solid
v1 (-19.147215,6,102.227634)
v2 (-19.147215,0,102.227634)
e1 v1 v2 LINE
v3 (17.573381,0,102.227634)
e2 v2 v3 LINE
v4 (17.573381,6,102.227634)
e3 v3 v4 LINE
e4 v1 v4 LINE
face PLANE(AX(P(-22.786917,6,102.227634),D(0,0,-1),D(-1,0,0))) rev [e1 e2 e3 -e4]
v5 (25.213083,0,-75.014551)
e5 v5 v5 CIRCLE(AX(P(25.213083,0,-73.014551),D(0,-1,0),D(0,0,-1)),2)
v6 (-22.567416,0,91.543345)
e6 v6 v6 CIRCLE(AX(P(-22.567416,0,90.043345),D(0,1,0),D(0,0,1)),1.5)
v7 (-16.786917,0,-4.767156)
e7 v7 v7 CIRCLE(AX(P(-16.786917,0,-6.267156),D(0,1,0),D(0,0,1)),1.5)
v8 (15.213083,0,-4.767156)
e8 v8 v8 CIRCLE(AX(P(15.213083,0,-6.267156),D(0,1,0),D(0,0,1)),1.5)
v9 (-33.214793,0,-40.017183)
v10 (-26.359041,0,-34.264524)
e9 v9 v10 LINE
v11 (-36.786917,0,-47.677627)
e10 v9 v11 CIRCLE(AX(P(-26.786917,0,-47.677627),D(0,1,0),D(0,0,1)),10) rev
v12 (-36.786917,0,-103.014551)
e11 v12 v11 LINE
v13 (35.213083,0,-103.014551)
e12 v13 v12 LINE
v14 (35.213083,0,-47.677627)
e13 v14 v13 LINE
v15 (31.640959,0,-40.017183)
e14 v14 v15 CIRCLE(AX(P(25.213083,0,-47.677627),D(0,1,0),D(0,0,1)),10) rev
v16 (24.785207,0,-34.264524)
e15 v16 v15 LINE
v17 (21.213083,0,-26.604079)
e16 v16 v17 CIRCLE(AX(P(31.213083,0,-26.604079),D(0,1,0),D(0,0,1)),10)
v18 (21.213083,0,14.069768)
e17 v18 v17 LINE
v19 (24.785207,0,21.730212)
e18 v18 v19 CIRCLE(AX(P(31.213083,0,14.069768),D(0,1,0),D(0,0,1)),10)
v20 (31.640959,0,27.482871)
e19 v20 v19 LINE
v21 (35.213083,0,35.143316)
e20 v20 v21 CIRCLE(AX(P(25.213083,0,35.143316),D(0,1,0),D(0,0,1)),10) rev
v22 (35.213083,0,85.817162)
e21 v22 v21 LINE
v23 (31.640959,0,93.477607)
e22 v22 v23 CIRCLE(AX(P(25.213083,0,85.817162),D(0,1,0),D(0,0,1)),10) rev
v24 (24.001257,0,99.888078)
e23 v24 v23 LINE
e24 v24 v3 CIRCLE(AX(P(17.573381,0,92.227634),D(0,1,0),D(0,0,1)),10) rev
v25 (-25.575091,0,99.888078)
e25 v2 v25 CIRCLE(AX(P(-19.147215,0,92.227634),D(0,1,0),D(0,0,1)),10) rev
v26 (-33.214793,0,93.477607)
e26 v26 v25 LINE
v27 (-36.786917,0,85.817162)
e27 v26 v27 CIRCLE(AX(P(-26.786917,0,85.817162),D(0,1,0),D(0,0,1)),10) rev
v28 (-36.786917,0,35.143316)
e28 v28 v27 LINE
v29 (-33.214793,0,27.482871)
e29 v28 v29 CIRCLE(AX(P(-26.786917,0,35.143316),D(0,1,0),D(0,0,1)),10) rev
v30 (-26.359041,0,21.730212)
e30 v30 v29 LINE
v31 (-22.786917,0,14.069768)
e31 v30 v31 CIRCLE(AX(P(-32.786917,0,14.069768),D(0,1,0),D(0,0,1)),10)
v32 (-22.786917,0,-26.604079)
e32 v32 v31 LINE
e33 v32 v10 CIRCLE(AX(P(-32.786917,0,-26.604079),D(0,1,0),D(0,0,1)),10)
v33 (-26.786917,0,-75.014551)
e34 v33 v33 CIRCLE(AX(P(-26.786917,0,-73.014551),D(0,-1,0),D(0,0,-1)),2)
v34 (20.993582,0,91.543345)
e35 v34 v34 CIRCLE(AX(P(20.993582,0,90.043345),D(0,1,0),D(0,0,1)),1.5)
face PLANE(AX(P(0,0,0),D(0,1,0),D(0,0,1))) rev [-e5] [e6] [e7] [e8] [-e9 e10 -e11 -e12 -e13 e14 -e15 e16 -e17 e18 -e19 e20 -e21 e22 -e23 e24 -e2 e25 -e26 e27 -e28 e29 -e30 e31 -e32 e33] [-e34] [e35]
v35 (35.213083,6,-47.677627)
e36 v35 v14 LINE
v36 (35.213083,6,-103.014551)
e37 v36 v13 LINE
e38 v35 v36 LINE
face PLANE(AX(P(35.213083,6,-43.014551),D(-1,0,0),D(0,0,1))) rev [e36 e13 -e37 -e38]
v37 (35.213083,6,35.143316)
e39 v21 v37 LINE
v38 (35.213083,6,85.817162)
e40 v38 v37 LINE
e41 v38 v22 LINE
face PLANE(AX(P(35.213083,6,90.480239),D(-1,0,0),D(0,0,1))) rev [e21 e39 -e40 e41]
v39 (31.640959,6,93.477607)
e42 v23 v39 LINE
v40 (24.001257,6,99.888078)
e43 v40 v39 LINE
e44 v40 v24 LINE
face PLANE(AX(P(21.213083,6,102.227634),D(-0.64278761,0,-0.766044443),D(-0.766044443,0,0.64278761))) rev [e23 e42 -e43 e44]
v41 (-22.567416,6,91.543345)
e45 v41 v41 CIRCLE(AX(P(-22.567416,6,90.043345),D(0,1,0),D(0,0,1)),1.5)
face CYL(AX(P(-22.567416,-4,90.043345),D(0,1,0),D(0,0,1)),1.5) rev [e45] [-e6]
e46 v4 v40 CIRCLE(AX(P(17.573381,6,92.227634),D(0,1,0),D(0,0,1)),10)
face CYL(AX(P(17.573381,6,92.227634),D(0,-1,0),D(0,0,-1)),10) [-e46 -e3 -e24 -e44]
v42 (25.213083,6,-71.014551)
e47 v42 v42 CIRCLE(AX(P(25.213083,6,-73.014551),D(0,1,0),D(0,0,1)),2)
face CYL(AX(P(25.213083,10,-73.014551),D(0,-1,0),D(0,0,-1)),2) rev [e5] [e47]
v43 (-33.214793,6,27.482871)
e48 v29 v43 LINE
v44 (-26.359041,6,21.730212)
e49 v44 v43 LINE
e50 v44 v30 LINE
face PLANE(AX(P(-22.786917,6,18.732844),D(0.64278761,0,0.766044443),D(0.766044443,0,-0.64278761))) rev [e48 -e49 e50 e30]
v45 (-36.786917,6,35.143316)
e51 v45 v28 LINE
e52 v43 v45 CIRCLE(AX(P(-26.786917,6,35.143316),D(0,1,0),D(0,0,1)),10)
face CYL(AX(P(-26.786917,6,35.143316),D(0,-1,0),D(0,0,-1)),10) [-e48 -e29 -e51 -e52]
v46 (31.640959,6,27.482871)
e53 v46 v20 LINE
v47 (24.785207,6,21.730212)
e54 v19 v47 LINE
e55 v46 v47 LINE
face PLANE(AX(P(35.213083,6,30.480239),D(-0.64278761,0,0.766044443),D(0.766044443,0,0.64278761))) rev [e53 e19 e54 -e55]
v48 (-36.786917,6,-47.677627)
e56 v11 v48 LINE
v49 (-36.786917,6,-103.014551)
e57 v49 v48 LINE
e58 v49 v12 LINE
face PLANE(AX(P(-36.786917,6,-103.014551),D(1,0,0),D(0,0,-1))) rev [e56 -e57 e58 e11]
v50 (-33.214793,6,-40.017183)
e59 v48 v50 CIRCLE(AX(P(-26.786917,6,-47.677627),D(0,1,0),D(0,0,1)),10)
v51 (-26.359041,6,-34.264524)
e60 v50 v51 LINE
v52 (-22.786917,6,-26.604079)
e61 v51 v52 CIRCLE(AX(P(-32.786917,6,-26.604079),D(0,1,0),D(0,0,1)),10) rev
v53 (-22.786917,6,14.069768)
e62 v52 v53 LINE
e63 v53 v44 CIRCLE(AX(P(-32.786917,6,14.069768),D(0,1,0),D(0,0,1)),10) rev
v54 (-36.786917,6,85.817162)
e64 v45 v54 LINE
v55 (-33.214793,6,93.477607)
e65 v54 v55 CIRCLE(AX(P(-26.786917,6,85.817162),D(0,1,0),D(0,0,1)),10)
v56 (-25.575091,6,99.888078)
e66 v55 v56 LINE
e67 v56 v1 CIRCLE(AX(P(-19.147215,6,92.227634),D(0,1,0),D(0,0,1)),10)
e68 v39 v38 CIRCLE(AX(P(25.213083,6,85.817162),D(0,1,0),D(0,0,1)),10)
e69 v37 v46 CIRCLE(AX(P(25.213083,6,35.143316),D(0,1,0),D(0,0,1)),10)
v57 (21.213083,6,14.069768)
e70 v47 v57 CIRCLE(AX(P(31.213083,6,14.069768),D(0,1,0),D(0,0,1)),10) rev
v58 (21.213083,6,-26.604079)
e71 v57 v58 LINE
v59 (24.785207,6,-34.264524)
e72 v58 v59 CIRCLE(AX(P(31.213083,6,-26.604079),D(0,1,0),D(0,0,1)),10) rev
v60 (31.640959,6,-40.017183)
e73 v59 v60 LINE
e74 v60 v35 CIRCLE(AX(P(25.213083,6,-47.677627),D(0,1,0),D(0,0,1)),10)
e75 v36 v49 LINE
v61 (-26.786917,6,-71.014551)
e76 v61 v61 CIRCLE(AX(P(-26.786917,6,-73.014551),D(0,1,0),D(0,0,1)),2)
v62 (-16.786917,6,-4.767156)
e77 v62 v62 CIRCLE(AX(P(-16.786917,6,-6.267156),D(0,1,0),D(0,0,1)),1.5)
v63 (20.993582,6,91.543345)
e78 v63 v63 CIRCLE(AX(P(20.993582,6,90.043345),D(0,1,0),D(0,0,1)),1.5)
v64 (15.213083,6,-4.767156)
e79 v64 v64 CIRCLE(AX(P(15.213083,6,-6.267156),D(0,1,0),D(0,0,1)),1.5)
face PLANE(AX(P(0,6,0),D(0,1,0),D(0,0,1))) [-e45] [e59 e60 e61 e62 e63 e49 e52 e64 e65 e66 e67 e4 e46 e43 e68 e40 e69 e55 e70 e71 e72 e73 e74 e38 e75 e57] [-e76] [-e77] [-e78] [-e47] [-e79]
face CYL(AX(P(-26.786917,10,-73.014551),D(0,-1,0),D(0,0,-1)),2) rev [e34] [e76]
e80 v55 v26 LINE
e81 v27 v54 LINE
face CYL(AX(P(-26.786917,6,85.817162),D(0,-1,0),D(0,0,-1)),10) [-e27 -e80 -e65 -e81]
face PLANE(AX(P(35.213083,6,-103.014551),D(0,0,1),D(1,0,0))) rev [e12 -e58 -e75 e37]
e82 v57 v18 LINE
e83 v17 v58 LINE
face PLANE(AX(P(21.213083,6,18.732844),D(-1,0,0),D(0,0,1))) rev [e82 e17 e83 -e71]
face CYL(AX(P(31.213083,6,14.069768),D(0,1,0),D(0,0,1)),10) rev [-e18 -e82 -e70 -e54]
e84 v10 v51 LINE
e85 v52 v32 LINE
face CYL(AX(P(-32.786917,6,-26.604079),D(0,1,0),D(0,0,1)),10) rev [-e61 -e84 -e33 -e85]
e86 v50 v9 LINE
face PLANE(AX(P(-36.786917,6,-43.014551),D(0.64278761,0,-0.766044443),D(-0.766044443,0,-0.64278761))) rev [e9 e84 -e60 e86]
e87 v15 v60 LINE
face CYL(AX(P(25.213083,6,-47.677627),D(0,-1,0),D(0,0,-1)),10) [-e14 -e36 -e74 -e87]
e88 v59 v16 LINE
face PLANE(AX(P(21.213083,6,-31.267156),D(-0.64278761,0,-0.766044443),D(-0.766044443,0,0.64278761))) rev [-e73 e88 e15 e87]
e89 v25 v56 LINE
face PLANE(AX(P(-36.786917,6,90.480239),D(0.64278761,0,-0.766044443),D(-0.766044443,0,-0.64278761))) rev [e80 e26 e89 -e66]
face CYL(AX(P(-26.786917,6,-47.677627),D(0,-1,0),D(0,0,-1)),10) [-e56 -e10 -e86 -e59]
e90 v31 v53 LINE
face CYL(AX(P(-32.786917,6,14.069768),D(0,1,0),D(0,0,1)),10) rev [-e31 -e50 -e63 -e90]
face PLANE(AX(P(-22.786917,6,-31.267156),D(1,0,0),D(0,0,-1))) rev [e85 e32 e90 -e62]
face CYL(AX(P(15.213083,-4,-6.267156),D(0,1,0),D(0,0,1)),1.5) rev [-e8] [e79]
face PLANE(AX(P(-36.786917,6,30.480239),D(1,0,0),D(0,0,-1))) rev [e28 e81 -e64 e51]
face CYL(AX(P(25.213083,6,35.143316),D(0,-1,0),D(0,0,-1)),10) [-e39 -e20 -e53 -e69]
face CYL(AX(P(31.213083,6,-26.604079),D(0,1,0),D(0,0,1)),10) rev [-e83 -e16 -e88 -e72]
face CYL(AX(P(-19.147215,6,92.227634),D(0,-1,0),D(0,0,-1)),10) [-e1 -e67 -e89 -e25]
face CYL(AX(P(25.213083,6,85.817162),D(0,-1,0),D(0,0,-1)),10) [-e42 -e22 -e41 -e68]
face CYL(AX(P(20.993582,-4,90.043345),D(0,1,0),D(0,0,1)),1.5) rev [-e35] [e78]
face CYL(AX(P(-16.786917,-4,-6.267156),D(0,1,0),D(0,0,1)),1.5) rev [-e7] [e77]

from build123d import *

# Parameters (mm, degrees)
BOSS_EXTRUDE1_DEPTH = 6
FILLET1_R           = 10
SKETCH2_R           = 2.5
CUT_EXTRUDE1_DEPTH  = 6
SKETCH5_R           = 5.997593501
BOSS_EXTRUDE2_DEPTH = 6
FILLET2_R           = 10
SKETCH6_R           = 1.5
CUT_EXTRUDE2_DEPTH  = 10
SKETCH7_R           = 1.5
CUT_EXTRUDE3_DEPTH  = 10
SKETCH8_R           = 2
CUT_EXTRUDE4_DEPTH  = 10


with BuildPart() as part:
    # Sketch1 → Boss-Extrude1 (new body)
    with BuildSketch(Plane(origin=(0, 0, 0), x_dir=(1, 0, 0), z_dir=(0, 1, 0))):
        Polygon((21.213083016, -102.227633762), (35.213083016, -90.480238926), (35.213083016, -30.480238926), (21.213083016, -18.73284409), (21.213083016, 31.26715591), (35.213083016, 43.014550747), (35.213083016, 103.014550747), (-36.786916984, 103.014550747), (-36.786916984, 43.014550747), (-22.786916984, 31.26715591), (-22.786916984, -18.73284409), (-36.786916984, -30.480238926), (-36.786916984, -90.480238926), (-22.786916984, -102.227633762), align=None)
    extrude(amount=BOSS_EXTRUDE1_DEPTH)

    # Fillet1
    fillet1_edges = [part.edges().sort_by_distance(p)[0] for p in [
        (-22.786916984, 3, 102.227633762),
        (-36.786916984, 3, 90.480238926),
        (-36.786916984, 3, 30.480238926),
        (-22.786916984, 3, 18.73284409),
        (21.213083016, 3, 18.73284409),
        (35.213083016, 3, 30.480238926),
        (35.213083016, 3, 90.480238926),
        (21.213083016, 3, 102.227633762),
    ]]
    fillet(fillet1_edges, radius=FILLET1_R)

    # Sketch2 → Cut-Extrude1 (cut)
    with BuildSketch(Plane.XZ):
        with Locations(Location((-0.786916984, 60.480238926, 0), (0, 0, 270))):
            Circle(SKETCH2_R)
    extrude(amount=-CUT_EXTRUDE1_DEPTH, mode=Mode.SUBTRACT)

    # Sketch5 → Boss-Extrude2 (add)
    with BuildSketch(Plane.XZ):
        with Locations((-0.786916984, 60.480238926)):
            Circle(SKETCH5_R)
    extrude(amount=-BOSS_EXTRUDE2_DEPTH)

    # Fillet2
    fillet2_edges = [part.edges().sort_by_distance(p)[0] for p in [
        (-22.786916984, 3, -31.26715591),
        (-36.786916984, 3, -43.014550747),
        (35.213083016, 3, -43.014550747),
        (21.213083016, 3, -31.26715591),
    ]]
    fillet(fillet2_edges, radius=FILLET2_R)

    # Sketch6 → Cut-Extrude2 (cut)
    with BuildSketch(Plane(origin=(0, 6, 0), x_dir=(1, 0, 0), z_dir=(0, 1, 0))):
        with Locations(Location((15.213083016, 6.26715591, 0), (0, 0, 270))):
            Circle(SKETCH6_R)
        with Locations(Location((-16.786916984, 6.26715591, 0), (0, 0, 270))):
            Circle(SKETCH6_R)
    extrude(amount=-CUT_EXTRUDE2_DEPTH, mode=Mode.SUBTRACT)

    # Sketch7 → Cut-Extrude3 (cut)
    with BuildSketch(Plane(origin=(0, 6, 0), x_dir=(1, 0, 0), z_dir=(0, 1, 0))):
        with Locations(Location((20.993582106, -90.043344962, 0), (0, 0, 270))):
            Circle(SKETCH7_R)
        with Locations(Location((-22.567416075, -90.043344962, 0), (0, 0, 270))):
            Circle(SKETCH7_R)
    extrude(amount=-CUT_EXTRUDE3_DEPTH, mode=Mode.SUBTRACT)

    # Sketch8 → Cut-Extrude4 (cut)
    with BuildSketch(Plane(origin=(0, 0, 0), x_dir=(-1, 0, 0), z_dir=(0, -1, 0))):
        with Locations(Location((26.786916984, 73.014550747, 0), (0, 0, 90))):
            Circle(SKETCH8_R)
        with Locations(Location((-25.213083016, 73.014550747, 0), (0, 0, 90))):
            Circle(SKETCH8_R)
    extrude(amount=-CUT_EXTRUDE4_DEPTH, mode=Mode.SUBTRACT)


solid = part.part
